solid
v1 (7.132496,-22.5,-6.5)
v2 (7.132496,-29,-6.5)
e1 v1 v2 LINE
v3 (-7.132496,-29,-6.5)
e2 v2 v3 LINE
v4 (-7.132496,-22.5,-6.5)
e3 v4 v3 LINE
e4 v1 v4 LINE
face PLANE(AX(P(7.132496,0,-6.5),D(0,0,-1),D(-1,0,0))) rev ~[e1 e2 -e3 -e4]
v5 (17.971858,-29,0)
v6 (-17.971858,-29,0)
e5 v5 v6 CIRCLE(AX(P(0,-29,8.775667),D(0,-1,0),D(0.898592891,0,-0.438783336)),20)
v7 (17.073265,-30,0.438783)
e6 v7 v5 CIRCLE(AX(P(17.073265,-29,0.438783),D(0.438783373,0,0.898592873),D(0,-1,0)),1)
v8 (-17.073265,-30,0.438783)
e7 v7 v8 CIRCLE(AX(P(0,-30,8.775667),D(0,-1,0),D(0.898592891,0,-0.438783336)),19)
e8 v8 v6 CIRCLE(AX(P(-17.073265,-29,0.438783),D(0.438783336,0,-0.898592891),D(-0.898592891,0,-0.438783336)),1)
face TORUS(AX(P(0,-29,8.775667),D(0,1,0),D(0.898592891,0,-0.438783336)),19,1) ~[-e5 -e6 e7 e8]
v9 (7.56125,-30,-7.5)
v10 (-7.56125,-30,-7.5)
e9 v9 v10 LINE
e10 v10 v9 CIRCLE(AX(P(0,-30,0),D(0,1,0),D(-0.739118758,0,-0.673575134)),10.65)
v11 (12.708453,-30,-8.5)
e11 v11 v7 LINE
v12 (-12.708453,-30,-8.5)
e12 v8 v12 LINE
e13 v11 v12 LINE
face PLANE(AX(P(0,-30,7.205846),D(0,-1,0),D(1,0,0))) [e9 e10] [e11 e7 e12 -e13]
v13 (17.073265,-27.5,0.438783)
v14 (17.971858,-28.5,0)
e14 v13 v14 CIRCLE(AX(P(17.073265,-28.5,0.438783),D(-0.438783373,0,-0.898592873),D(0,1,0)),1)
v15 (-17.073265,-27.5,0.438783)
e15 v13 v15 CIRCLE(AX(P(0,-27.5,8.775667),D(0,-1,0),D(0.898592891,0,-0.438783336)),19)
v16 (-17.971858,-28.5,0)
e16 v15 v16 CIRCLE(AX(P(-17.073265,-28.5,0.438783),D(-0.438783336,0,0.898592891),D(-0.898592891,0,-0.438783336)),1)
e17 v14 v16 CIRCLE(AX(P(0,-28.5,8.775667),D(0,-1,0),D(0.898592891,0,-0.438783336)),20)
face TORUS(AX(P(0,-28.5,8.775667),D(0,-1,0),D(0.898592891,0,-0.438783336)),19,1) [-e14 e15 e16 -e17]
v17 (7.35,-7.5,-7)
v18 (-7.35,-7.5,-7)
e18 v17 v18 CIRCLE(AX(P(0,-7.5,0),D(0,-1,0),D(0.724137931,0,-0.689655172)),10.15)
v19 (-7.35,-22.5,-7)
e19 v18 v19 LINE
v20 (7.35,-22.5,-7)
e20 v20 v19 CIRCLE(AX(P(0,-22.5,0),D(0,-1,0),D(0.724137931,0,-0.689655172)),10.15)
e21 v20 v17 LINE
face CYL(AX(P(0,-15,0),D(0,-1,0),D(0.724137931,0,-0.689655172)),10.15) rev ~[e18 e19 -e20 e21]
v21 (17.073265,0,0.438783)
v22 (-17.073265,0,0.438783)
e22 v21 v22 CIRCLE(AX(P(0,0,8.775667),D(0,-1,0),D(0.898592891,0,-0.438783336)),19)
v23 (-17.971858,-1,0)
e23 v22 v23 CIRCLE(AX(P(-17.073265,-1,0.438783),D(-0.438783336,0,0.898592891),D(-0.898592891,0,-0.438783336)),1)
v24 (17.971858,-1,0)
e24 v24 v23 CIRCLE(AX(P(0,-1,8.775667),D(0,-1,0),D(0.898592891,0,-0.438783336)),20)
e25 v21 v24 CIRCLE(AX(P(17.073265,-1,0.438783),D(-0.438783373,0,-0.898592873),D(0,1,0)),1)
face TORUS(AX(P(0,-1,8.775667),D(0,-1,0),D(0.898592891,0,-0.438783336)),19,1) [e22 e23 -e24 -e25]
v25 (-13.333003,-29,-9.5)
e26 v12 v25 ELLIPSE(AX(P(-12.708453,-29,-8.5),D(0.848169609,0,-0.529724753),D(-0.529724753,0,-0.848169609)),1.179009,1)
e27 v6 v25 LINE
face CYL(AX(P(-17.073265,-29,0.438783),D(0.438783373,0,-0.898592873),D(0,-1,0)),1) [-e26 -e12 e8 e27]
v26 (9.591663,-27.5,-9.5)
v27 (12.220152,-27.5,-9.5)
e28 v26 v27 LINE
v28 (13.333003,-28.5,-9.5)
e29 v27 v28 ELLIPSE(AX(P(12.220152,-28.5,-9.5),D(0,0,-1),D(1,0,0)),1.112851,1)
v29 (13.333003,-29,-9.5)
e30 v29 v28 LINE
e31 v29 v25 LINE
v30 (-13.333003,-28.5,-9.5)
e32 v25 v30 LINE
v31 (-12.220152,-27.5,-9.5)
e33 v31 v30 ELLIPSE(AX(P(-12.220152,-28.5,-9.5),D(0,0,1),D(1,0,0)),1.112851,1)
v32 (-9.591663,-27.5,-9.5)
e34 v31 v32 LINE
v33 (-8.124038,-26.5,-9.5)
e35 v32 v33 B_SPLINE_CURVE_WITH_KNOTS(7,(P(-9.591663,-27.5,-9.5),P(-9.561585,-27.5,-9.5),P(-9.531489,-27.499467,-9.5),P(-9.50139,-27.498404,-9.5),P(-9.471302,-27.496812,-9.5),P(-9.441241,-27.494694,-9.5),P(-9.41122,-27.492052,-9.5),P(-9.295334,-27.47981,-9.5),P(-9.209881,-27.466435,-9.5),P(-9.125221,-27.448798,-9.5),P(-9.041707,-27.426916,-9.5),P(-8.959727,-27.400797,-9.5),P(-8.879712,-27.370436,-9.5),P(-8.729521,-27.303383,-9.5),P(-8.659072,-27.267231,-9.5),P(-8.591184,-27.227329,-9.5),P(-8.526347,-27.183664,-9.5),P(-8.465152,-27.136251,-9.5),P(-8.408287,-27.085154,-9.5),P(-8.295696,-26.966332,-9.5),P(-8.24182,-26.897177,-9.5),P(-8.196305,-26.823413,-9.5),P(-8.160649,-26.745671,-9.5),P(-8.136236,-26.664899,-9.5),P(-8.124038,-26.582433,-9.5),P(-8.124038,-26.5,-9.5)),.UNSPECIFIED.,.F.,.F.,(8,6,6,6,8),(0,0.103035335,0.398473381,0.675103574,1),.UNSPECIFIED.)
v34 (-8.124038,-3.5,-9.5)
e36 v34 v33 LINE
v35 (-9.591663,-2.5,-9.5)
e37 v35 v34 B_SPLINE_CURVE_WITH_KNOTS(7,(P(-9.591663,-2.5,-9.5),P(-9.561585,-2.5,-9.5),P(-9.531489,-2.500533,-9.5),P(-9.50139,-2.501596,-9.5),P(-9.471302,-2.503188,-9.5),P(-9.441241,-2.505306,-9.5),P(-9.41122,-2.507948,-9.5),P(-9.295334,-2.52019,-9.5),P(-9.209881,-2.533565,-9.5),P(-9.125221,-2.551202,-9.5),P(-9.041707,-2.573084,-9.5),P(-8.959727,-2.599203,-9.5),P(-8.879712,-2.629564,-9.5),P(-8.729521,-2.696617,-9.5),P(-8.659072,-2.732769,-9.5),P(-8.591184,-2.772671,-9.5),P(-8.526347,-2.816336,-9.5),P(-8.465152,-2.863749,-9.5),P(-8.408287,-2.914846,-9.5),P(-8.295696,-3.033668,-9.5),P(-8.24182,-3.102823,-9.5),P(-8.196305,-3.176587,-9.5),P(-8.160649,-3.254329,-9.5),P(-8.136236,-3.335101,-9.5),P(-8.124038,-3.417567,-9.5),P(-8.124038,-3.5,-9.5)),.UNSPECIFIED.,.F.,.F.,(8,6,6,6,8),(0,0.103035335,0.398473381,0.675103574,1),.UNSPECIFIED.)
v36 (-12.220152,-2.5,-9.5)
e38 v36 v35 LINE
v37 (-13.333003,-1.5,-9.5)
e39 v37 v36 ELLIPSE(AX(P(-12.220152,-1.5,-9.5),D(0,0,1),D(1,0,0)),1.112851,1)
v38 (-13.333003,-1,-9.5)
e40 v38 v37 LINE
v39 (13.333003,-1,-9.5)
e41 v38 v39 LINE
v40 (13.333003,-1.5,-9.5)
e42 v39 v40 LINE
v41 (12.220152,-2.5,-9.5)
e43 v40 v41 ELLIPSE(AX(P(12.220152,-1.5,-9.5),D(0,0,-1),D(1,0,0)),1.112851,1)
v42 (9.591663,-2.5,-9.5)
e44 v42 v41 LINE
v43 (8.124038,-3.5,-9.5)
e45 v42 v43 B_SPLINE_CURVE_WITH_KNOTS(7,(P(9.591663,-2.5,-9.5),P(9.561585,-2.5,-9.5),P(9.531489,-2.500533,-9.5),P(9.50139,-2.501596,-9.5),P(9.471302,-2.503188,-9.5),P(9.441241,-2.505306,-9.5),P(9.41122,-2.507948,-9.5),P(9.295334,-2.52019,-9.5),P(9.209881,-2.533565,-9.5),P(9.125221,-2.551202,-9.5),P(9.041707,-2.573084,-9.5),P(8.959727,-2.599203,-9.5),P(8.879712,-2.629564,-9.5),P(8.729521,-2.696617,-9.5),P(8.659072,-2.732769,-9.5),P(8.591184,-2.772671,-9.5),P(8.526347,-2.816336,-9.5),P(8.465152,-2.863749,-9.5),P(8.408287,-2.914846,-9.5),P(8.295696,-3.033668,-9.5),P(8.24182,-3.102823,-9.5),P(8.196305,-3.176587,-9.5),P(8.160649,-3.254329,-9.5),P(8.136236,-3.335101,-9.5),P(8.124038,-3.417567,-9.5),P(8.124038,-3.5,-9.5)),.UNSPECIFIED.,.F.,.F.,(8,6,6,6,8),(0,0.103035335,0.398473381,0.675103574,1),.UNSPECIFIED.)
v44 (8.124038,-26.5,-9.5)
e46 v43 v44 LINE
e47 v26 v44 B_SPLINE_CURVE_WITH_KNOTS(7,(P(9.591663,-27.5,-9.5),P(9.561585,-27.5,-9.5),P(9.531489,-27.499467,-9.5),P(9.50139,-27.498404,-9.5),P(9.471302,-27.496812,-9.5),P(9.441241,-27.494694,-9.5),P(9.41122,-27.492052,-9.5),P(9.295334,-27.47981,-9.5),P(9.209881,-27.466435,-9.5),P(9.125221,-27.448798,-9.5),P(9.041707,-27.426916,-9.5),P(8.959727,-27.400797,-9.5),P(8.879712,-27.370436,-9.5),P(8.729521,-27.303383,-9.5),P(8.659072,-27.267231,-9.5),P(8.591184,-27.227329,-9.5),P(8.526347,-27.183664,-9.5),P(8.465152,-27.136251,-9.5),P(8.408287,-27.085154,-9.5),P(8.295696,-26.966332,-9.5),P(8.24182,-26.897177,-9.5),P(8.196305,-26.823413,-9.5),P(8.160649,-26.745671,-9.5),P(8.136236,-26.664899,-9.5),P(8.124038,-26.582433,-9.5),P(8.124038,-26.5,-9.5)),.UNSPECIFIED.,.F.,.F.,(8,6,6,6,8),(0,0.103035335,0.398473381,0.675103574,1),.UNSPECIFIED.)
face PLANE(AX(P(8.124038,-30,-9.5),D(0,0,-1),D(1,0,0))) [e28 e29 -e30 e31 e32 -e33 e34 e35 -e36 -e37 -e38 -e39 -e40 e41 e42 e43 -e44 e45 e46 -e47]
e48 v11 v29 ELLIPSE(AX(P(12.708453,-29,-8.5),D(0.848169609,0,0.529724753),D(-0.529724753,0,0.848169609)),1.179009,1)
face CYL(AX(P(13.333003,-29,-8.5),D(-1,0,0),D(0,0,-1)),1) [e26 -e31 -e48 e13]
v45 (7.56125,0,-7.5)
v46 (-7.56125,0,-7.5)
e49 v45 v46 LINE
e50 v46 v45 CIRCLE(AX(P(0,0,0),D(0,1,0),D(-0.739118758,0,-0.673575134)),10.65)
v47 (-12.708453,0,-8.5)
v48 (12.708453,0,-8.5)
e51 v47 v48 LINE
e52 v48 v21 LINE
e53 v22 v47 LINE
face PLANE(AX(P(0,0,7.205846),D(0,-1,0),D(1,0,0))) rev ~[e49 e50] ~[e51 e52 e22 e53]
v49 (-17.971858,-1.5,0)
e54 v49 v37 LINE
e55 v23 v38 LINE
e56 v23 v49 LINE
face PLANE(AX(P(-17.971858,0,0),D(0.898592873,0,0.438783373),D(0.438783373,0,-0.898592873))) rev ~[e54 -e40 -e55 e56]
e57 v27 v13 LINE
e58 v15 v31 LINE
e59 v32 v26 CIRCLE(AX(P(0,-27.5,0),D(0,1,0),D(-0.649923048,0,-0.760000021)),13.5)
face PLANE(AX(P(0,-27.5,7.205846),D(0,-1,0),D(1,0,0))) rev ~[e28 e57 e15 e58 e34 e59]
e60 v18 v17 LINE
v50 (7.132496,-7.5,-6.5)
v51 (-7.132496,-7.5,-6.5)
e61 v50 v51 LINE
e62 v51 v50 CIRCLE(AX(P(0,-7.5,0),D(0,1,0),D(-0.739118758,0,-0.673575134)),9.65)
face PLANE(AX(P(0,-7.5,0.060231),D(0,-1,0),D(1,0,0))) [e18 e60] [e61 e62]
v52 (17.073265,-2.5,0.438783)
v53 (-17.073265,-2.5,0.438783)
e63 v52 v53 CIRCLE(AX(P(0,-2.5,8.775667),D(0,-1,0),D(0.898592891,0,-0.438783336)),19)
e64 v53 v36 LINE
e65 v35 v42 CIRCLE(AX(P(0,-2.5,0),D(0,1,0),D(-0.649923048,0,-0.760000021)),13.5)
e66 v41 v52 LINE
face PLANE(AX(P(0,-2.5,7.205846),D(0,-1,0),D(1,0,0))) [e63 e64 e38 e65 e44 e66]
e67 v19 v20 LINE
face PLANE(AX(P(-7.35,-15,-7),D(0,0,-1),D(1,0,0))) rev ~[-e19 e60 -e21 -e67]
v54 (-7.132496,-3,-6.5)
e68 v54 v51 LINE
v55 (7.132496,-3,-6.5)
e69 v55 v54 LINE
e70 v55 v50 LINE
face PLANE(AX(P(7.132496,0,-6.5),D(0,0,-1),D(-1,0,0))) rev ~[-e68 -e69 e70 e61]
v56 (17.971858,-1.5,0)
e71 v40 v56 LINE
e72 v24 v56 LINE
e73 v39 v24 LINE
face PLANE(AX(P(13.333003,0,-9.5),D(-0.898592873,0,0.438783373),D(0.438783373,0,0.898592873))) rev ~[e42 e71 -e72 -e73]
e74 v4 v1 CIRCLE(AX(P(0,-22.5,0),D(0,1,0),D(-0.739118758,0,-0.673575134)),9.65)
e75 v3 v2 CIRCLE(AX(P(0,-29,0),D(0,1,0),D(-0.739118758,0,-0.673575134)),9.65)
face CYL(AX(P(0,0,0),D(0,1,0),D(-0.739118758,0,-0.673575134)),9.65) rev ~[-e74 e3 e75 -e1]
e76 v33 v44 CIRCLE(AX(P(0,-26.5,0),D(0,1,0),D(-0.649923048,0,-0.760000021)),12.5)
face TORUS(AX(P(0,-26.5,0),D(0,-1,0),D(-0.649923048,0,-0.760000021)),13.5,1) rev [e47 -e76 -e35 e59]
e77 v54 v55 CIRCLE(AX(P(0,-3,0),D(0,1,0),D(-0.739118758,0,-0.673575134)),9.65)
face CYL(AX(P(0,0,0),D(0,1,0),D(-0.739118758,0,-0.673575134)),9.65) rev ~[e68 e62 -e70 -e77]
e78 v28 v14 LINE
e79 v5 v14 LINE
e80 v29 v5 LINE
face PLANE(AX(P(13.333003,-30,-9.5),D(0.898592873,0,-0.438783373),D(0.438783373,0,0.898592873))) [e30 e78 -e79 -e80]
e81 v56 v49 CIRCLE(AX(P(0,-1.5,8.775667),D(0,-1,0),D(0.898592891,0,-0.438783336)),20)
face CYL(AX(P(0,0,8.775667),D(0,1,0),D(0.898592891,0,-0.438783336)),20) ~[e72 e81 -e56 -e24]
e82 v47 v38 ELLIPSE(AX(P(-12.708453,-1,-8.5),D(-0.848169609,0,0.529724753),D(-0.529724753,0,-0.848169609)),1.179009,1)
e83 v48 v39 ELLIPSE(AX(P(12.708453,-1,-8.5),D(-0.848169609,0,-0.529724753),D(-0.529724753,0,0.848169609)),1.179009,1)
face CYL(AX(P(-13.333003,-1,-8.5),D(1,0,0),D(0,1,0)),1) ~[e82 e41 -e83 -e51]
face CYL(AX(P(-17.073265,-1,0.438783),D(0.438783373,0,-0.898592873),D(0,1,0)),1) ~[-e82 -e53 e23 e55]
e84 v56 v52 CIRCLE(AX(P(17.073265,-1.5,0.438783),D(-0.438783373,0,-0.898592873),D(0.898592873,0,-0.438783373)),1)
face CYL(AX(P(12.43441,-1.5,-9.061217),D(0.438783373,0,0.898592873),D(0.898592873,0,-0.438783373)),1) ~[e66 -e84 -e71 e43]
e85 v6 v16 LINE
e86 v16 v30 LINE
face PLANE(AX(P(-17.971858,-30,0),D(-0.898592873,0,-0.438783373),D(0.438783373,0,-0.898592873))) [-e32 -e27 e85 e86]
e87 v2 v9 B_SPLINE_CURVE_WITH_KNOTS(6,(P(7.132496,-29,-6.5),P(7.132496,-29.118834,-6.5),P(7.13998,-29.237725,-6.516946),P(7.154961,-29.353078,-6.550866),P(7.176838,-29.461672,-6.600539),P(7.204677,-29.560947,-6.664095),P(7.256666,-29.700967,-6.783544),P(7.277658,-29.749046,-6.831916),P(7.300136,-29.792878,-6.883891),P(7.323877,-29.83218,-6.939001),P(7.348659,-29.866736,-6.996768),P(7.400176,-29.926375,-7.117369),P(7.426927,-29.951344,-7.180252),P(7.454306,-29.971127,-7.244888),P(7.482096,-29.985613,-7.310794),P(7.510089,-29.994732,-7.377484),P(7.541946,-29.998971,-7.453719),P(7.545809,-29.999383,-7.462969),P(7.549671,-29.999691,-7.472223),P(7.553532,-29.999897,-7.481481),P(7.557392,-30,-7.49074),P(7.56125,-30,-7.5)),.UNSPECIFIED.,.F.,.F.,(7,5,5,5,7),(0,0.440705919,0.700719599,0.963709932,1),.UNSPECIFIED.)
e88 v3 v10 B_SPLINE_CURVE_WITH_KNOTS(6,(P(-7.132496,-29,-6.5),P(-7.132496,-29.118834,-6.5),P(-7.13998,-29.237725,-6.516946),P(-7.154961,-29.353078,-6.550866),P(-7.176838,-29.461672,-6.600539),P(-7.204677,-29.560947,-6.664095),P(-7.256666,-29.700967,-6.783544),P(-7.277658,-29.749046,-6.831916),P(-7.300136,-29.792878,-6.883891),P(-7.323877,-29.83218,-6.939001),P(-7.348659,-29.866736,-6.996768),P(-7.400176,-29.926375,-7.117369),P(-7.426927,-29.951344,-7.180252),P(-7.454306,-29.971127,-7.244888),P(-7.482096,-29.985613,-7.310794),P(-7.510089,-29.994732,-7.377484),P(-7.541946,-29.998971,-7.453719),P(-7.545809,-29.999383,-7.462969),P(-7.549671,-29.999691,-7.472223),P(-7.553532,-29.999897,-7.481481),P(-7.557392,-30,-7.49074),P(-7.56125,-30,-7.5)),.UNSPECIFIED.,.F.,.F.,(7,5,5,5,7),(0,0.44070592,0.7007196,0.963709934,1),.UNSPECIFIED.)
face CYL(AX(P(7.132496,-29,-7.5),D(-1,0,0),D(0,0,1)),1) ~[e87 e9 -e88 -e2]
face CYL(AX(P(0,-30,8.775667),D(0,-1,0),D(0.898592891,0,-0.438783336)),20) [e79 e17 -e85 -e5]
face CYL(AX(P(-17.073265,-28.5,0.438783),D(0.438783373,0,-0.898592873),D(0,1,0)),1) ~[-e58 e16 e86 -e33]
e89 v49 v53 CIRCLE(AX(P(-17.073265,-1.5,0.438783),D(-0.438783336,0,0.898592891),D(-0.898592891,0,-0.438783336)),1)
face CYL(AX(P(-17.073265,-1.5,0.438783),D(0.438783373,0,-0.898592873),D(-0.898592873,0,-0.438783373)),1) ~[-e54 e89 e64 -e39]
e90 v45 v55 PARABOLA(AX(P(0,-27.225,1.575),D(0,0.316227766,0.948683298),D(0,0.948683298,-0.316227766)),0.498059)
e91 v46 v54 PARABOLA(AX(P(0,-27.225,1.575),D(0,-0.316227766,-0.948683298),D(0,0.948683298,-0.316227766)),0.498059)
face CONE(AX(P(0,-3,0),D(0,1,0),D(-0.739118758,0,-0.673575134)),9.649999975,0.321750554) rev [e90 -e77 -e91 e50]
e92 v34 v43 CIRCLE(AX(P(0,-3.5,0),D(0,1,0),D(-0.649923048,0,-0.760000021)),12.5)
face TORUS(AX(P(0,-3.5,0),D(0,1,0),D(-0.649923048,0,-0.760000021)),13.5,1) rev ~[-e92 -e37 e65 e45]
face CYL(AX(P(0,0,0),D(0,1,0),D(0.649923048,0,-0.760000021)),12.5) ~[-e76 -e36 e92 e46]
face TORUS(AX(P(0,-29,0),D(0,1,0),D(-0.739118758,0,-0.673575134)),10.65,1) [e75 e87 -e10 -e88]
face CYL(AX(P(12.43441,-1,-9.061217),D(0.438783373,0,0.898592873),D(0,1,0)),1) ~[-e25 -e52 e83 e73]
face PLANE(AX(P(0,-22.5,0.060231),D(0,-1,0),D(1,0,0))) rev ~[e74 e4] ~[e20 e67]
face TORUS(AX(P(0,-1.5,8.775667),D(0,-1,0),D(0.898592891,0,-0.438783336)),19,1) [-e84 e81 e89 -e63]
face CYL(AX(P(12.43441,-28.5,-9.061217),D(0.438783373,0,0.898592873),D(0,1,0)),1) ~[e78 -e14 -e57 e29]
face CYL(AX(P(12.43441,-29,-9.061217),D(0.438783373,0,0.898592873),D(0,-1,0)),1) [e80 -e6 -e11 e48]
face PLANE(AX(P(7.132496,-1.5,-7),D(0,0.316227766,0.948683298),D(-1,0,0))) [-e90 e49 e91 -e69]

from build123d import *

# Parameters (mm, degrees)
F1_DEPTH  = 30
F2_DEPTH  = 2.5
F4_DEPTH  = 2.5
F5_SIZE2  = 3
F5_SIZE   = 1
F6_R      = 1
F7_R      = 1
F10_DEPTH = 7.5


with BuildPart() as f1:
    # F0 (on Front) → F1 (new body)
    with BuildSketch(Plane.XZ):
        with BuildLine():
            Line((-8.124038, -9.5), (8.124038, -9.5))
            ThreePointArc((8.124038, -9.5), (0, 12.5), (-8.124038, -9.5))
        make_face()
        with BuildLine():
            ThreePointArc((-7.132496, -6.5), (0, 9.65), (7.132496, -6.5))
            Line((7.132496, -6.5), (-7.132496, -6.5))
        make_face(mode=Mode.SUBTRACT)
    extrude(amount=F1_DEPTH)

    # F0 (on Front) → F2 (join)
    with BuildSketch(Plane.XZ):
        with BuildLine():
            ThreePointArc((-8.124038, -9.5), (0, 12.5), (8.124038, -9.5))
            Line((8.124038, -9.5), (13.333003, -9.5))
            Line((13.333003, -9.5), (17.971858, 0))
            ThreePointArc((17.971858, 0), (0, 28.775667), (-17.971858, 0))
            Line((-17.971858, 0), (-13.333003, -9.5))
            Line((-13.333003, -9.5), (-8.124038, -9.5))
        make_face()
    extrude(amount=F2_DEPTH)

    # F3 (on face) → F4 (join)
    with BuildSketch(Plane.XZ.offset(30)):
        with BuildLine():
            Line((13.333003, -9.5), (17.971858, 0))
            ThreePointArc((17.971858, 0), (0, 28.775667), (-17.971858, 0))
            Line((-17.971858, 0), (-13.333003, -9.5))
            Line((-13.333003, -9.5), (-8.124038, -9.5))
            ThreePointArc((-8.124038, -9.5), (0, 12.5), (8.124038, -9.5))
            Line((8.124038, -9.5), (13.333003, -9.5))
        make_face()
    extrude(amount=-F4_DEPTH)

    # F5
    f5_edges = [f1.edges().sort_by_distance(p)[0] for p in [
        (0, 0, 9.65),
        (0, 0, -6.5),
    ]]
    chamfer(f5_edges, length=F5_SIZE, length2=F5_SIZE2)

    # F6
    f6_edges = [f1.edges().sort_by_distance(p)[0] for p in [
        (0, -2.5, 12.5),
        (0, -27.5, 12.5),
        (0, 0, 28.775667),
        (0, -30, 28.775667),
        (0, 0, -9.5),
        (0, -30, -9.5),
        (0, -30, 9.65),
        (0, -30, -6.5),
    ]]
    fillet(f6_edges, radius=F6_R)

    # F7
    f7_edges = [f1.edges().sort_by_distance(p)[0] for p in [
        (0, -27.5, 28.775667),
        (0, -2.5, 28.775667),
    ]]
    fillet(f7_edges, radius=F7_R)

    # F9 (on offset) → F10 (cut, symmetric)
    with BuildSketch(Plane.XZ.offset(15)):
        with BuildLine():
            ThreePointArc((7.35, -7), (0, 10.15), (-7.35, -7))
            Line((-7.35, -7), (7.35, -7))
        make_face()
        with BuildLine():
            ThreePointArc((-7.132496, -6.5), (0, 9.65), (7.132496, -6.5))
            Line((7.132496, -6.5), (-7.132496, -6.5))
        make_face(mode=Mode.SUBTRACT)
    extrude(amount=F10_DEPTH, both=True, mode=Mode.SUBTRACT)


solid = f1.part
